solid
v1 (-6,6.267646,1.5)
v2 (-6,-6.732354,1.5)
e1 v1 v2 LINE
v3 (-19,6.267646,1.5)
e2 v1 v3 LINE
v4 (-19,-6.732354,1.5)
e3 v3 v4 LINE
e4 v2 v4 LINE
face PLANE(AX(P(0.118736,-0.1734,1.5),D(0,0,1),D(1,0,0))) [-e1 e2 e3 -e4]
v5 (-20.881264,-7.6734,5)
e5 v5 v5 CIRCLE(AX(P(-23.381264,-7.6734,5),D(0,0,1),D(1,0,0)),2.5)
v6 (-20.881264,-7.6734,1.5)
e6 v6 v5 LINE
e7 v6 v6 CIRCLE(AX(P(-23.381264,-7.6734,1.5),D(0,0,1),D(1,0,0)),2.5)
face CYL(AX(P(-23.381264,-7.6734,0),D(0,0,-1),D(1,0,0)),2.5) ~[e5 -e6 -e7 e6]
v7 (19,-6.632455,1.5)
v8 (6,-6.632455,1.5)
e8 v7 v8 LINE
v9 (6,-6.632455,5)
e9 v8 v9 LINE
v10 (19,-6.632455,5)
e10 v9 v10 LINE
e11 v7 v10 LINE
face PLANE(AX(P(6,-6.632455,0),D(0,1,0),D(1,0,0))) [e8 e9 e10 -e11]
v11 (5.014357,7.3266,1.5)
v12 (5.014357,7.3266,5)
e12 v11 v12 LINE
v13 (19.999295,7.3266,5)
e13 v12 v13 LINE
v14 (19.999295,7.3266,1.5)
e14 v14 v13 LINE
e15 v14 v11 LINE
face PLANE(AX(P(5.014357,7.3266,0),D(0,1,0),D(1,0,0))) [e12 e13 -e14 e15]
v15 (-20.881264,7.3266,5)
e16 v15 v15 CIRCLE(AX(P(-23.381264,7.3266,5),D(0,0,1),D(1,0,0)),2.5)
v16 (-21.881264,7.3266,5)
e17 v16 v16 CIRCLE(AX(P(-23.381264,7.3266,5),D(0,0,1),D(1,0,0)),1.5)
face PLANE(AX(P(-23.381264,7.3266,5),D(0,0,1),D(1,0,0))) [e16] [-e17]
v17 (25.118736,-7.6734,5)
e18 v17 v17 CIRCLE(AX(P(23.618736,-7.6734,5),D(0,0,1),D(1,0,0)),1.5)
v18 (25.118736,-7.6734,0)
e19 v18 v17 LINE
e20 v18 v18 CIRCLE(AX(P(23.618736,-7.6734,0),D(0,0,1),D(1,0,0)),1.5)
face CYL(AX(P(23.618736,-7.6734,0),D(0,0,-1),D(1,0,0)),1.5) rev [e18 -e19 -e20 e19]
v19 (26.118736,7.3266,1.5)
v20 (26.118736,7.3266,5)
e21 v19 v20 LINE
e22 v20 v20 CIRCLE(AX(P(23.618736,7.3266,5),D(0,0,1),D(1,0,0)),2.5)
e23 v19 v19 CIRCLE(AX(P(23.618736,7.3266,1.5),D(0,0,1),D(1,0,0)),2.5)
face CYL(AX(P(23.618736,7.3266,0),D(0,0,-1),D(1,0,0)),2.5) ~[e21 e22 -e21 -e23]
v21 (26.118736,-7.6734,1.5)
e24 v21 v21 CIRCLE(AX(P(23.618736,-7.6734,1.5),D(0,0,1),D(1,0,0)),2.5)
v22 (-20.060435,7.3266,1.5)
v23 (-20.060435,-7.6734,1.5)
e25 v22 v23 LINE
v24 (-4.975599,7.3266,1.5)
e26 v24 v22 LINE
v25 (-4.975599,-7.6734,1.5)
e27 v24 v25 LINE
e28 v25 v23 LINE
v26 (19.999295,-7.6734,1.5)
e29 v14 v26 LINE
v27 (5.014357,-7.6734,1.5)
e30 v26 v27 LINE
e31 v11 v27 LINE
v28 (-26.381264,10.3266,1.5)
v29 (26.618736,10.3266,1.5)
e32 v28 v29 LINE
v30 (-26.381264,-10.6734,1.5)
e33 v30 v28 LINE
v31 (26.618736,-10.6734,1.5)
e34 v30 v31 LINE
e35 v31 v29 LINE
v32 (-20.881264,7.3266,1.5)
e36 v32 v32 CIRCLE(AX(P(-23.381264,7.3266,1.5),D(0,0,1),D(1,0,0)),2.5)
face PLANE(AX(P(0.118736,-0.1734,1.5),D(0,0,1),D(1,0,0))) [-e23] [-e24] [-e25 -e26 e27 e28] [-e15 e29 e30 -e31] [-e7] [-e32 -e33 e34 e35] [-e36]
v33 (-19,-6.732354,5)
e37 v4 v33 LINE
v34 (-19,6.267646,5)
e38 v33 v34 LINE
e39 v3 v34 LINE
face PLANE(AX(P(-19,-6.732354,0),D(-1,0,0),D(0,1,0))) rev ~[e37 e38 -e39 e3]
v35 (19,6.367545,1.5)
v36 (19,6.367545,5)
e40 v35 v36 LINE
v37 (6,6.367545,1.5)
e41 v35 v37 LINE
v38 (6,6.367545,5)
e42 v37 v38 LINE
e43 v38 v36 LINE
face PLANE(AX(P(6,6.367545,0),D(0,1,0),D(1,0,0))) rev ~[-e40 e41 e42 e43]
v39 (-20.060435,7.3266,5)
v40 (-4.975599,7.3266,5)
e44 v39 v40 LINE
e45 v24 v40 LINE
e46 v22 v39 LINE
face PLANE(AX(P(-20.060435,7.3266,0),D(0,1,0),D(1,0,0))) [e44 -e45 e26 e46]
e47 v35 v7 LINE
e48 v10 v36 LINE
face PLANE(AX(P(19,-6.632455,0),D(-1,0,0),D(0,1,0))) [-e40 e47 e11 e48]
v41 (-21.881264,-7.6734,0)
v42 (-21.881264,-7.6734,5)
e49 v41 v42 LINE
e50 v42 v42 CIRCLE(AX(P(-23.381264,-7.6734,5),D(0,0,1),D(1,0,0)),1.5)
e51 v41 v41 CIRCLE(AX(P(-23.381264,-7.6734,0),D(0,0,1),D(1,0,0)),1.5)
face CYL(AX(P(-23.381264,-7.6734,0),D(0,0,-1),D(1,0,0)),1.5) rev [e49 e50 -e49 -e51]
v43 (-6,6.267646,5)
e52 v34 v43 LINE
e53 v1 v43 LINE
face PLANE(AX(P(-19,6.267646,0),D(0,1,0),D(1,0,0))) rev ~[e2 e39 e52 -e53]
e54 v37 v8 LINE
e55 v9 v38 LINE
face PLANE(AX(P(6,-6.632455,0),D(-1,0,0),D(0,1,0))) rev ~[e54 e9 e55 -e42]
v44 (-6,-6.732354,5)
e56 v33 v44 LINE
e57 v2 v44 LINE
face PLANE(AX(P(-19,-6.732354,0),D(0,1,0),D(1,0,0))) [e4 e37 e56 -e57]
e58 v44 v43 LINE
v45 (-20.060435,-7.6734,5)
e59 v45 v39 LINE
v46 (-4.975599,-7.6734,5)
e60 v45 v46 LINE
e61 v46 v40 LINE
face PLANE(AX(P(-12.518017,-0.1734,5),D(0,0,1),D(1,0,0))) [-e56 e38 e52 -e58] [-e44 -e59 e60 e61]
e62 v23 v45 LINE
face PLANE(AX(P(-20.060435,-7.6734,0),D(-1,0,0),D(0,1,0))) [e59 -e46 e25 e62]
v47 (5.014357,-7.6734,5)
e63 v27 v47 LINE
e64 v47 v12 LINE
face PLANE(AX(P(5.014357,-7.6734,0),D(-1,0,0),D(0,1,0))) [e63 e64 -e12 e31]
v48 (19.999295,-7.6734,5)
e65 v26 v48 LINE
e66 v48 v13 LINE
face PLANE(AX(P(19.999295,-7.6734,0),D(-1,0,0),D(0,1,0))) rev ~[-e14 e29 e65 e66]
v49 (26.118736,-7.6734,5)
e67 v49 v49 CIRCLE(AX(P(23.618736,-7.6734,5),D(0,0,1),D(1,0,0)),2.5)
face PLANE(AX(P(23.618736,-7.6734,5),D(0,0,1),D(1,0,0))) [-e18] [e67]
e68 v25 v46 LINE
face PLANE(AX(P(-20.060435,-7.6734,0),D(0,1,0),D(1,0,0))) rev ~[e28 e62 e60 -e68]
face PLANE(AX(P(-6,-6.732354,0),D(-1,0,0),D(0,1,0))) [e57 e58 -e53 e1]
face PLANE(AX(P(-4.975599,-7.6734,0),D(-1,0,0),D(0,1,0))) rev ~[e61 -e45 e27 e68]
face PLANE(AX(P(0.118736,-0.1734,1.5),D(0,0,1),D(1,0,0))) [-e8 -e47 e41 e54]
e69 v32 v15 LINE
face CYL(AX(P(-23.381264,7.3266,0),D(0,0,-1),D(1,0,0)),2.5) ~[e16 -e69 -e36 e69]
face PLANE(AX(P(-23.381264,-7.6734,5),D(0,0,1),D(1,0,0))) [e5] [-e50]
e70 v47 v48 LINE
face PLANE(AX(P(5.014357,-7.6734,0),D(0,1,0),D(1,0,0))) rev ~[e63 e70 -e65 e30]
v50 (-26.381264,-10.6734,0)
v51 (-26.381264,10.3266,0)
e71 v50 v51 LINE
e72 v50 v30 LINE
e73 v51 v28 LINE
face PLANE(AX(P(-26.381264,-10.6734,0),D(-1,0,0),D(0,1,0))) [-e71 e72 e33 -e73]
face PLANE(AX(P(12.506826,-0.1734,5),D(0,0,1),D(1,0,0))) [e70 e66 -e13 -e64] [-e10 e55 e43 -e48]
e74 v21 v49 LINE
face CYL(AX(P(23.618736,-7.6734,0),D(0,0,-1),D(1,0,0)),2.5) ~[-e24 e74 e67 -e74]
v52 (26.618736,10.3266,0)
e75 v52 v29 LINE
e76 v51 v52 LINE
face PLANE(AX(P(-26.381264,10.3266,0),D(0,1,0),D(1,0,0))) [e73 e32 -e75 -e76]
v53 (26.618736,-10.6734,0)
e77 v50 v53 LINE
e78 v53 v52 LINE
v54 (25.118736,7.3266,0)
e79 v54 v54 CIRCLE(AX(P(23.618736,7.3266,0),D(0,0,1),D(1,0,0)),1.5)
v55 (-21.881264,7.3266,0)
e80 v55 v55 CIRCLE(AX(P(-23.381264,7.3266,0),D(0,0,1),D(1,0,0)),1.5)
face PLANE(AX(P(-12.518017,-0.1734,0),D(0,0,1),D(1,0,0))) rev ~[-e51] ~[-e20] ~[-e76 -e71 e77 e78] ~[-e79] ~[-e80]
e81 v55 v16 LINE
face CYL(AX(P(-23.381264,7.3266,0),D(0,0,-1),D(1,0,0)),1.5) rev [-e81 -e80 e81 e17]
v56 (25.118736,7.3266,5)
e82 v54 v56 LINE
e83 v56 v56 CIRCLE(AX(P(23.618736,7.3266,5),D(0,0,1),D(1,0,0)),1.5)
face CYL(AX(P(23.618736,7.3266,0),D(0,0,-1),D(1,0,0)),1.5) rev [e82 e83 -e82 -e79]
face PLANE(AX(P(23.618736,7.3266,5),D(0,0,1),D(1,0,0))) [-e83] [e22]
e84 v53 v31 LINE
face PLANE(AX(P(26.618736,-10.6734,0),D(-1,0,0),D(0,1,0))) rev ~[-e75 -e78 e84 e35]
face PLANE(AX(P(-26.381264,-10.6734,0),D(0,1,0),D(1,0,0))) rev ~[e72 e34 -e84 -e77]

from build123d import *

# Parameters (mm, degrees)
F0_W     = 53
F0_H     = 21
F0_R     = 2.5
F0_W_2   = 15.084836
F0_H_2   = 15
F0_W_3   = 14.984938
F0_W_4   = 13
F0_H_3   = 13
F1_DEPTH = 1.5
F2_DEPTH = 5
F0_R_2   = 1.5
F3_DEPTH = 5


with BuildPart() as f1:
    # F0 (on Top) → F1 (new body)
    with BuildSketch(Plane.XY):
        with Locations((0.118736, -0.1734)):
            Rectangle(F0_W, F0_H)
        with Locations((-23.381264, -7.6734)):
            Circle(F0_R, mode=Mode.SUBTRACT)
        with Locations((-12.518017, -0.1734)):
            Rectangle(F0_W_2, F0_H_2, mode=Mode.SUBTRACT)
        with Locations((23.618736, -7.6734)):
            Circle(F0_R, mode=Mode.SUBTRACT)
        with Locations((12.506826, -0.1734)):
            Rectangle(F0_W_3, F0_H_2, mode=Mode.SUBTRACT)
        with Locations((-23.381264, 7.3266)):
            Circle(F0_R, mode=Mode.SUBTRACT)
        with Locations((23.618736, 7.3266)):
            Circle(F0_R, mode=Mode.SUBTRACT)
        with Locations((-12.518017, -0.1734)):
            Rectangle(F0_W_2, F0_H_2)
        with Locations((-12.5, -0.232354)):
            Rectangle(F0_W_4, F0_H_3, mode=Mode.SUBTRACT)
        with Locations((-12.5, -0.232354)):
            Rectangle(F0_W_4, F0_H_3)
        with Locations((12.506826, -0.1734)):
            Rectangle(F0_W_3, F0_H_2)
        with Locations((12.5, -0.132455)):
            Rectangle(F0_W_4, F0_H_3, mode=Mode.SUBTRACT)
        with Locations((12.5, -0.132455)):
            Rectangle(F0_W_4, F0_H_3)
    extrude(amount=F1_DEPTH)

    # F0 (on Top) → F2 (join)
    with BuildSketch(Plane.XY):
        with Locations((-12.518017, -0.1734)):
            Rectangle(F0_W_2, F0_H_2)
        with Locations((-12.5, -0.232354)):
            Rectangle(F0_W_4, F0_H_3, mode=Mode.SUBTRACT)
        with Locations((12.506826, -0.1734)):
            Rectangle(F0_W_3, F0_H_2)
        with Locations((12.5, -0.132455)):
            Rectangle(F0_W_4, F0_H_3, mode=Mode.SUBTRACT)
    extrude(amount=F2_DEPTH)

    # F0 (on Top) → F3 (join)
    with BuildSketch(Plane.XY):
        with Locations((-23.381264, 7.3266)):
            Circle(F0_R)
        with Locations((-23.381264, 7.3266)):
            Circle(F0_R_2, mode=Mode.SUBTRACT)
        with Locations((-23.381264, -7.6734)):
            Circle(F0_R)
        with Locations((-23.381264, -7.6734)):
            Circle(F0_R_2, mode=Mode.SUBTRACT)
        with Locations((23.618736, -7.6734)):
            Circle(F0_R)
        with Locations((23.618736, -7.6734)):
            Circle(F0_R_2, mode=Mode.SUBTRACT)
        with Locations((23.618736, 7.3266)):
            Circle(F0_R)
        with Locations((23.618736, 7.3266)):
            Circle(F0_R_2, mode=Mode.SUBTRACT)
    extrude(amount=F3_DEPTH)


solid = f1.part
